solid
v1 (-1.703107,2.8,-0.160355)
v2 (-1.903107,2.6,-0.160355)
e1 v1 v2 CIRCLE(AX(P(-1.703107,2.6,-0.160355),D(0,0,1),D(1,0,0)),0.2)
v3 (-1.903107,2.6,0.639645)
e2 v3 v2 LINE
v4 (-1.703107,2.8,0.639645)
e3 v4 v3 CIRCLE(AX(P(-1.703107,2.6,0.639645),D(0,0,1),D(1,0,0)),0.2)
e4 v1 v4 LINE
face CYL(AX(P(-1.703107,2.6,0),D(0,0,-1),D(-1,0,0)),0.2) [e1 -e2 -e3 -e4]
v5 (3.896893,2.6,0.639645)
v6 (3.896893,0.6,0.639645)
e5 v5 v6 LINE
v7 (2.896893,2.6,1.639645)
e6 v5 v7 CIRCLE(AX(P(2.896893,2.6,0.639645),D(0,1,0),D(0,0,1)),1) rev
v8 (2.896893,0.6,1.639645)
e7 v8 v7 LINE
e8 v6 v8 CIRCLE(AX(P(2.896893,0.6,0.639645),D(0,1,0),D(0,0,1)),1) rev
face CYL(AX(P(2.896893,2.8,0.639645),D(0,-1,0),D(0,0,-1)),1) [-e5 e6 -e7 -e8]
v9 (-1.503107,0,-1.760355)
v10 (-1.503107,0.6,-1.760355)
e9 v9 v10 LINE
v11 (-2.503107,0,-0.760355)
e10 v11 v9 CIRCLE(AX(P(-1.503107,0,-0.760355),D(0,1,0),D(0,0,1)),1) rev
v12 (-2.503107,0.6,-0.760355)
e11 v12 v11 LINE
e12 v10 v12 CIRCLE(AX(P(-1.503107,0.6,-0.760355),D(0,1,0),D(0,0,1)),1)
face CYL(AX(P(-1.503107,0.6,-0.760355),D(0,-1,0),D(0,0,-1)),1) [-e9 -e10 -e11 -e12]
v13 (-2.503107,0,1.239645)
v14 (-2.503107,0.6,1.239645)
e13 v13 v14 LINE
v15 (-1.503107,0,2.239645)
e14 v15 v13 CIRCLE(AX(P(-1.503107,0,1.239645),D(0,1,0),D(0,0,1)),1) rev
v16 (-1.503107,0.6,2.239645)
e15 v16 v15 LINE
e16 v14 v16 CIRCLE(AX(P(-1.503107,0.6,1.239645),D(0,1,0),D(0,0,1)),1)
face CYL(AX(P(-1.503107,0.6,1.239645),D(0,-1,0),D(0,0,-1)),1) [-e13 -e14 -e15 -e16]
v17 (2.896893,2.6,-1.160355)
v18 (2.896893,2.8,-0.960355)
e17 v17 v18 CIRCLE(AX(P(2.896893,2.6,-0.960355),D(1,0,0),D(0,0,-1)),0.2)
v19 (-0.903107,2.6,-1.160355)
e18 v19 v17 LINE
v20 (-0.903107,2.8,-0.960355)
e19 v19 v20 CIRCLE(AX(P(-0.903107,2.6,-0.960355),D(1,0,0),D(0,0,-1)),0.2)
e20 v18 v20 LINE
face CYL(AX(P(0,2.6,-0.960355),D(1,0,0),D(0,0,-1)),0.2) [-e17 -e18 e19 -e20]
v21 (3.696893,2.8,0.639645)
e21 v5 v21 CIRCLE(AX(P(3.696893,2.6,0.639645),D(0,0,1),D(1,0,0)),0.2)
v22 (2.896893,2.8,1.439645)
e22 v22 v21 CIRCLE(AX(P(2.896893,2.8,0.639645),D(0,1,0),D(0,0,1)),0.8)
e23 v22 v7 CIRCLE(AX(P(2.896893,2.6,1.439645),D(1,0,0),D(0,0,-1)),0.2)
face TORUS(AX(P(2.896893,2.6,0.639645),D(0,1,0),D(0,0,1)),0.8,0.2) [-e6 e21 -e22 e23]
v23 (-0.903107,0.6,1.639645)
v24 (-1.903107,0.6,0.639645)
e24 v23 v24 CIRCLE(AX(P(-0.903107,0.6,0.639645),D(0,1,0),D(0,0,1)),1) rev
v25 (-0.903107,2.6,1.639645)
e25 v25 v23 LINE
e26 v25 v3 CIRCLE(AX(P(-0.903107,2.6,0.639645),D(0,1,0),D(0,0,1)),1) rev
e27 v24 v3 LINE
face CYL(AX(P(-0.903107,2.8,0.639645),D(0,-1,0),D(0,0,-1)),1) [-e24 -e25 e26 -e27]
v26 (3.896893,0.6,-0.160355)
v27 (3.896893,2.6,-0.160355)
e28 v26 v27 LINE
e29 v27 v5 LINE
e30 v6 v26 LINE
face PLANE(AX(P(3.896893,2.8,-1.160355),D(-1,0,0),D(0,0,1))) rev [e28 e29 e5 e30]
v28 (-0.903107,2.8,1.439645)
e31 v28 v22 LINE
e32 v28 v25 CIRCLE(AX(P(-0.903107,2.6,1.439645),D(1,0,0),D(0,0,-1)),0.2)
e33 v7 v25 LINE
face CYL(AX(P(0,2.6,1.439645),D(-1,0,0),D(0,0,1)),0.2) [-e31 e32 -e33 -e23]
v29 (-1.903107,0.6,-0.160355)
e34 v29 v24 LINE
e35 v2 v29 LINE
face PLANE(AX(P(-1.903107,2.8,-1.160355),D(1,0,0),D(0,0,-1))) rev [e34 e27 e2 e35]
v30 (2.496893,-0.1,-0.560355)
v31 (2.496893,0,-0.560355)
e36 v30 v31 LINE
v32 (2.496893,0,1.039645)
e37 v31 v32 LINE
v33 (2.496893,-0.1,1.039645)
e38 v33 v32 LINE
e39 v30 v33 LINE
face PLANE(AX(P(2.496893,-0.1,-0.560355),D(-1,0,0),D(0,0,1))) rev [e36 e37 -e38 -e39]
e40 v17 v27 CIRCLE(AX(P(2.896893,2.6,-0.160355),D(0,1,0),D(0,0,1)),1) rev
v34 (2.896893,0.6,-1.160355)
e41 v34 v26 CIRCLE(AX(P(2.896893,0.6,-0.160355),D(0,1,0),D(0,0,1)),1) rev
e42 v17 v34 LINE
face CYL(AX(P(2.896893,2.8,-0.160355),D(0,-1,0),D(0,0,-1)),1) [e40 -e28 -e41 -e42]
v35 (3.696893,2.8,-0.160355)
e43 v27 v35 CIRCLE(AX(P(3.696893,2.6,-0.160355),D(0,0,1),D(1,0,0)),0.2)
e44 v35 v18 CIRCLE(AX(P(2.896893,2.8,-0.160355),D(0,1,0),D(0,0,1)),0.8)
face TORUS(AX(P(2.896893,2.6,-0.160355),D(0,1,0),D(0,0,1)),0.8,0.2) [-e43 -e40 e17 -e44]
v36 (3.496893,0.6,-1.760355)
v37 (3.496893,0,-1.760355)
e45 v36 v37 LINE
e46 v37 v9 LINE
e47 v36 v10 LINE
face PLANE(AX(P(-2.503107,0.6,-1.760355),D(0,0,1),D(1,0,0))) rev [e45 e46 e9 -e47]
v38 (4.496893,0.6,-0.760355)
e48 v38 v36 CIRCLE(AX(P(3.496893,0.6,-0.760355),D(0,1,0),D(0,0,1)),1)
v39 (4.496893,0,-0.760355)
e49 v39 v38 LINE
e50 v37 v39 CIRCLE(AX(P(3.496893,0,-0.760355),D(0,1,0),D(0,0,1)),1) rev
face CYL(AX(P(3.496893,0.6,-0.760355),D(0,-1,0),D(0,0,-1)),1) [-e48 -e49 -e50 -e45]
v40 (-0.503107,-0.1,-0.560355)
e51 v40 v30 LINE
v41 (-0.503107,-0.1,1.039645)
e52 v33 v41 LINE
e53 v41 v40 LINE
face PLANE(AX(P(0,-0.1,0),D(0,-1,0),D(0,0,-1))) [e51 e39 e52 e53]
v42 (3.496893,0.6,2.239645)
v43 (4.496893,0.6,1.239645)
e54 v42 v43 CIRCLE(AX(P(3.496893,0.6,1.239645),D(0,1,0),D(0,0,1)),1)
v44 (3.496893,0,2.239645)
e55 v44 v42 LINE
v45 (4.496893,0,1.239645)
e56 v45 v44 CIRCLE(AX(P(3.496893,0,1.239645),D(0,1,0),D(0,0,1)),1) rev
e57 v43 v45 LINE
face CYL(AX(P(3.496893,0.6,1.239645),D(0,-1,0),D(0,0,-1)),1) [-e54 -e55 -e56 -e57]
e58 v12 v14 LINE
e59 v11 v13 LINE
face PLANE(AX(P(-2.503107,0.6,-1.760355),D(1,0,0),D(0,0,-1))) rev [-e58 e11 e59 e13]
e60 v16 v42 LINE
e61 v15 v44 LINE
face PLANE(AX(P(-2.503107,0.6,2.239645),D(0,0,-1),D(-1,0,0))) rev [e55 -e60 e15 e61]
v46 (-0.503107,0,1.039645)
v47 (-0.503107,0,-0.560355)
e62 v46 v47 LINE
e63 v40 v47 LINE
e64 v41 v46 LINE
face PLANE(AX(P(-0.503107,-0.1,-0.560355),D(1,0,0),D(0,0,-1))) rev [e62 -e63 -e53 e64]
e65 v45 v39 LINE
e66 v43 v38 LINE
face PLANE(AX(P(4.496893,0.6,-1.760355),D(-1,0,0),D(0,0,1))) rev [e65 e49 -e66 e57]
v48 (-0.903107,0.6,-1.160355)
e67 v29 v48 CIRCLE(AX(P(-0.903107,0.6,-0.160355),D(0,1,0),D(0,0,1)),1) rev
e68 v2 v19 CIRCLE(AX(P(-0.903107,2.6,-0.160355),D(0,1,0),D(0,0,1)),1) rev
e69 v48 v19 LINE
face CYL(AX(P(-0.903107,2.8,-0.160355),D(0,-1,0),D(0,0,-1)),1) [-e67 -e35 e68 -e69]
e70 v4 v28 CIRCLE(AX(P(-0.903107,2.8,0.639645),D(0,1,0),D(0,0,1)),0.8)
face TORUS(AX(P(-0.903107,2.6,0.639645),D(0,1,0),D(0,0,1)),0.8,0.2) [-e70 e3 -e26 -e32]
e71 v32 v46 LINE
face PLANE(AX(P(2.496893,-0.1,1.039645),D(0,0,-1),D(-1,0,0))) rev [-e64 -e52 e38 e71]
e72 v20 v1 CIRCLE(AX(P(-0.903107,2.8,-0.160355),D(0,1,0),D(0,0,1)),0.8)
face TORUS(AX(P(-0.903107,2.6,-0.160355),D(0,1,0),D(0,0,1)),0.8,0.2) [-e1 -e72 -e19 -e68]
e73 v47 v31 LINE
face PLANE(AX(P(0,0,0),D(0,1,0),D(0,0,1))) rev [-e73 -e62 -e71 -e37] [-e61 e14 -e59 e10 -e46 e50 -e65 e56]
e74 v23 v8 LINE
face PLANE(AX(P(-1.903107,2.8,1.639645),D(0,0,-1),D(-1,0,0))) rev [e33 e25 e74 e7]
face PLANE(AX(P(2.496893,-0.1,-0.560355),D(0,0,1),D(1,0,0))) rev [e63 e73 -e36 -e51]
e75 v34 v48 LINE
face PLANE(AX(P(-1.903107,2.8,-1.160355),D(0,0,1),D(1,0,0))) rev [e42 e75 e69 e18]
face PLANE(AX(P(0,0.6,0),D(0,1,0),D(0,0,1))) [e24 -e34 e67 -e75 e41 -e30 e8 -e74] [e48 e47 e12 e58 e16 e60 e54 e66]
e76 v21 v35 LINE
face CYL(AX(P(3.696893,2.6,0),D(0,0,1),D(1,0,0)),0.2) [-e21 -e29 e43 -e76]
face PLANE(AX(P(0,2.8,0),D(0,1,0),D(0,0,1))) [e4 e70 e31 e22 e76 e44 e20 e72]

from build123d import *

# Parameters (mm, degrees)
SKETCH_1_W      = 7
SKETCH_1_H      = 4
EXTRUDE_1_DEPTH = 0.6
SKETCH_2_W      = 5.8
SKETCH_2_H      = 2.8
EXTRUDE_2_DEPTH = 2.2
FILLET_1_R      = 1
SKETCH_3_W      = 3
SKETCH_3_H      = 1.6
EXTRUDE_3_DEPTH = 0.1
FILLET_2_R      = 0.2


with BuildPart() as part:
    # 草图1 → 凸台-拉伸1 (new body)
    with BuildSketch(Plane(origin=(0, 0, 0), x_dir=(1, 0, 0), z_dir=(0, 1, 0))):
        with Locations((0.996893044, -0.239645207)):
            Rectangle(SKETCH_1_W, SKETCH_1_H)
    extrude(amount=EXTRUDE_1_DEPTH)

    # 草图2 → 凸台-拉伸2 (add)
    with BuildSketch(Plane(origin=(0, 0.6, 0), x_dir=(1, 0, 0), z_dir=(0, 1, 0))):
        with Locations((0.996893044, -0.239645207)):
            Rectangle(SKETCH_2_W, SKETCH_2_H)
    extrude(amount=EXTRUDE_2_DEPTH)

    # 圆角1
    fillet_1_edges = [part.edges().sort_by_distance(p)[0] for p in [
        (3.896893044, 1.7, 1.639645207),
        (3.896893044, 1.7, -1.160354793),
        (-1.903106956, 1.7, -1.160354793),
        (-1.903106956, 1.7, 1.639645207),
        (-2.503106956, 0.3, -1.760354793),
        (4.496893044, 0.3, -1.760354793),
        (4.496893044, 0.3, 2.239645207),
        (-2.503106956, 0.3, 2.239645207),
    ]]
    fillet(fillet_1_edges, radius=FILLET_1_R)

    # 草图3 → 凸台-拉伸3 (add)
    with BuildSketch(Plane(origin=(0, 0, 0), x_dir=(-1, 0, 0), z_dir=(0, -1, 0))):
        with Locations((-0.996893044, -0.239645207)):
            Rectangle(SKETCH_3_W, SKETCH_3_H)
    extrude(amount=EXTRUDE_3_DEPTH)

    # 圆角2
    fillet_2_edges = [part.edges().sort_by_distance(p)[0] for p in [
        (0.996893044, 2.8, -1.160354793),
        (3.896893044, 2.8, 0.239645207),
        (-1.903106956, 2.8, 0.239645207),
        (0.996893044, 2.8, 1.639645207),
        (3.603999825, 2.8, 1.346751988),
        (-1.610213737, 2.8, 1.346751988),
        (-1.610213737, 2.8, -0.867461574),
        (3.603999825, 2.8, -0.867461574),
    ]]
    fillet(fillet_2_edges, radius=FILLET_2_R)


solid = part.part
